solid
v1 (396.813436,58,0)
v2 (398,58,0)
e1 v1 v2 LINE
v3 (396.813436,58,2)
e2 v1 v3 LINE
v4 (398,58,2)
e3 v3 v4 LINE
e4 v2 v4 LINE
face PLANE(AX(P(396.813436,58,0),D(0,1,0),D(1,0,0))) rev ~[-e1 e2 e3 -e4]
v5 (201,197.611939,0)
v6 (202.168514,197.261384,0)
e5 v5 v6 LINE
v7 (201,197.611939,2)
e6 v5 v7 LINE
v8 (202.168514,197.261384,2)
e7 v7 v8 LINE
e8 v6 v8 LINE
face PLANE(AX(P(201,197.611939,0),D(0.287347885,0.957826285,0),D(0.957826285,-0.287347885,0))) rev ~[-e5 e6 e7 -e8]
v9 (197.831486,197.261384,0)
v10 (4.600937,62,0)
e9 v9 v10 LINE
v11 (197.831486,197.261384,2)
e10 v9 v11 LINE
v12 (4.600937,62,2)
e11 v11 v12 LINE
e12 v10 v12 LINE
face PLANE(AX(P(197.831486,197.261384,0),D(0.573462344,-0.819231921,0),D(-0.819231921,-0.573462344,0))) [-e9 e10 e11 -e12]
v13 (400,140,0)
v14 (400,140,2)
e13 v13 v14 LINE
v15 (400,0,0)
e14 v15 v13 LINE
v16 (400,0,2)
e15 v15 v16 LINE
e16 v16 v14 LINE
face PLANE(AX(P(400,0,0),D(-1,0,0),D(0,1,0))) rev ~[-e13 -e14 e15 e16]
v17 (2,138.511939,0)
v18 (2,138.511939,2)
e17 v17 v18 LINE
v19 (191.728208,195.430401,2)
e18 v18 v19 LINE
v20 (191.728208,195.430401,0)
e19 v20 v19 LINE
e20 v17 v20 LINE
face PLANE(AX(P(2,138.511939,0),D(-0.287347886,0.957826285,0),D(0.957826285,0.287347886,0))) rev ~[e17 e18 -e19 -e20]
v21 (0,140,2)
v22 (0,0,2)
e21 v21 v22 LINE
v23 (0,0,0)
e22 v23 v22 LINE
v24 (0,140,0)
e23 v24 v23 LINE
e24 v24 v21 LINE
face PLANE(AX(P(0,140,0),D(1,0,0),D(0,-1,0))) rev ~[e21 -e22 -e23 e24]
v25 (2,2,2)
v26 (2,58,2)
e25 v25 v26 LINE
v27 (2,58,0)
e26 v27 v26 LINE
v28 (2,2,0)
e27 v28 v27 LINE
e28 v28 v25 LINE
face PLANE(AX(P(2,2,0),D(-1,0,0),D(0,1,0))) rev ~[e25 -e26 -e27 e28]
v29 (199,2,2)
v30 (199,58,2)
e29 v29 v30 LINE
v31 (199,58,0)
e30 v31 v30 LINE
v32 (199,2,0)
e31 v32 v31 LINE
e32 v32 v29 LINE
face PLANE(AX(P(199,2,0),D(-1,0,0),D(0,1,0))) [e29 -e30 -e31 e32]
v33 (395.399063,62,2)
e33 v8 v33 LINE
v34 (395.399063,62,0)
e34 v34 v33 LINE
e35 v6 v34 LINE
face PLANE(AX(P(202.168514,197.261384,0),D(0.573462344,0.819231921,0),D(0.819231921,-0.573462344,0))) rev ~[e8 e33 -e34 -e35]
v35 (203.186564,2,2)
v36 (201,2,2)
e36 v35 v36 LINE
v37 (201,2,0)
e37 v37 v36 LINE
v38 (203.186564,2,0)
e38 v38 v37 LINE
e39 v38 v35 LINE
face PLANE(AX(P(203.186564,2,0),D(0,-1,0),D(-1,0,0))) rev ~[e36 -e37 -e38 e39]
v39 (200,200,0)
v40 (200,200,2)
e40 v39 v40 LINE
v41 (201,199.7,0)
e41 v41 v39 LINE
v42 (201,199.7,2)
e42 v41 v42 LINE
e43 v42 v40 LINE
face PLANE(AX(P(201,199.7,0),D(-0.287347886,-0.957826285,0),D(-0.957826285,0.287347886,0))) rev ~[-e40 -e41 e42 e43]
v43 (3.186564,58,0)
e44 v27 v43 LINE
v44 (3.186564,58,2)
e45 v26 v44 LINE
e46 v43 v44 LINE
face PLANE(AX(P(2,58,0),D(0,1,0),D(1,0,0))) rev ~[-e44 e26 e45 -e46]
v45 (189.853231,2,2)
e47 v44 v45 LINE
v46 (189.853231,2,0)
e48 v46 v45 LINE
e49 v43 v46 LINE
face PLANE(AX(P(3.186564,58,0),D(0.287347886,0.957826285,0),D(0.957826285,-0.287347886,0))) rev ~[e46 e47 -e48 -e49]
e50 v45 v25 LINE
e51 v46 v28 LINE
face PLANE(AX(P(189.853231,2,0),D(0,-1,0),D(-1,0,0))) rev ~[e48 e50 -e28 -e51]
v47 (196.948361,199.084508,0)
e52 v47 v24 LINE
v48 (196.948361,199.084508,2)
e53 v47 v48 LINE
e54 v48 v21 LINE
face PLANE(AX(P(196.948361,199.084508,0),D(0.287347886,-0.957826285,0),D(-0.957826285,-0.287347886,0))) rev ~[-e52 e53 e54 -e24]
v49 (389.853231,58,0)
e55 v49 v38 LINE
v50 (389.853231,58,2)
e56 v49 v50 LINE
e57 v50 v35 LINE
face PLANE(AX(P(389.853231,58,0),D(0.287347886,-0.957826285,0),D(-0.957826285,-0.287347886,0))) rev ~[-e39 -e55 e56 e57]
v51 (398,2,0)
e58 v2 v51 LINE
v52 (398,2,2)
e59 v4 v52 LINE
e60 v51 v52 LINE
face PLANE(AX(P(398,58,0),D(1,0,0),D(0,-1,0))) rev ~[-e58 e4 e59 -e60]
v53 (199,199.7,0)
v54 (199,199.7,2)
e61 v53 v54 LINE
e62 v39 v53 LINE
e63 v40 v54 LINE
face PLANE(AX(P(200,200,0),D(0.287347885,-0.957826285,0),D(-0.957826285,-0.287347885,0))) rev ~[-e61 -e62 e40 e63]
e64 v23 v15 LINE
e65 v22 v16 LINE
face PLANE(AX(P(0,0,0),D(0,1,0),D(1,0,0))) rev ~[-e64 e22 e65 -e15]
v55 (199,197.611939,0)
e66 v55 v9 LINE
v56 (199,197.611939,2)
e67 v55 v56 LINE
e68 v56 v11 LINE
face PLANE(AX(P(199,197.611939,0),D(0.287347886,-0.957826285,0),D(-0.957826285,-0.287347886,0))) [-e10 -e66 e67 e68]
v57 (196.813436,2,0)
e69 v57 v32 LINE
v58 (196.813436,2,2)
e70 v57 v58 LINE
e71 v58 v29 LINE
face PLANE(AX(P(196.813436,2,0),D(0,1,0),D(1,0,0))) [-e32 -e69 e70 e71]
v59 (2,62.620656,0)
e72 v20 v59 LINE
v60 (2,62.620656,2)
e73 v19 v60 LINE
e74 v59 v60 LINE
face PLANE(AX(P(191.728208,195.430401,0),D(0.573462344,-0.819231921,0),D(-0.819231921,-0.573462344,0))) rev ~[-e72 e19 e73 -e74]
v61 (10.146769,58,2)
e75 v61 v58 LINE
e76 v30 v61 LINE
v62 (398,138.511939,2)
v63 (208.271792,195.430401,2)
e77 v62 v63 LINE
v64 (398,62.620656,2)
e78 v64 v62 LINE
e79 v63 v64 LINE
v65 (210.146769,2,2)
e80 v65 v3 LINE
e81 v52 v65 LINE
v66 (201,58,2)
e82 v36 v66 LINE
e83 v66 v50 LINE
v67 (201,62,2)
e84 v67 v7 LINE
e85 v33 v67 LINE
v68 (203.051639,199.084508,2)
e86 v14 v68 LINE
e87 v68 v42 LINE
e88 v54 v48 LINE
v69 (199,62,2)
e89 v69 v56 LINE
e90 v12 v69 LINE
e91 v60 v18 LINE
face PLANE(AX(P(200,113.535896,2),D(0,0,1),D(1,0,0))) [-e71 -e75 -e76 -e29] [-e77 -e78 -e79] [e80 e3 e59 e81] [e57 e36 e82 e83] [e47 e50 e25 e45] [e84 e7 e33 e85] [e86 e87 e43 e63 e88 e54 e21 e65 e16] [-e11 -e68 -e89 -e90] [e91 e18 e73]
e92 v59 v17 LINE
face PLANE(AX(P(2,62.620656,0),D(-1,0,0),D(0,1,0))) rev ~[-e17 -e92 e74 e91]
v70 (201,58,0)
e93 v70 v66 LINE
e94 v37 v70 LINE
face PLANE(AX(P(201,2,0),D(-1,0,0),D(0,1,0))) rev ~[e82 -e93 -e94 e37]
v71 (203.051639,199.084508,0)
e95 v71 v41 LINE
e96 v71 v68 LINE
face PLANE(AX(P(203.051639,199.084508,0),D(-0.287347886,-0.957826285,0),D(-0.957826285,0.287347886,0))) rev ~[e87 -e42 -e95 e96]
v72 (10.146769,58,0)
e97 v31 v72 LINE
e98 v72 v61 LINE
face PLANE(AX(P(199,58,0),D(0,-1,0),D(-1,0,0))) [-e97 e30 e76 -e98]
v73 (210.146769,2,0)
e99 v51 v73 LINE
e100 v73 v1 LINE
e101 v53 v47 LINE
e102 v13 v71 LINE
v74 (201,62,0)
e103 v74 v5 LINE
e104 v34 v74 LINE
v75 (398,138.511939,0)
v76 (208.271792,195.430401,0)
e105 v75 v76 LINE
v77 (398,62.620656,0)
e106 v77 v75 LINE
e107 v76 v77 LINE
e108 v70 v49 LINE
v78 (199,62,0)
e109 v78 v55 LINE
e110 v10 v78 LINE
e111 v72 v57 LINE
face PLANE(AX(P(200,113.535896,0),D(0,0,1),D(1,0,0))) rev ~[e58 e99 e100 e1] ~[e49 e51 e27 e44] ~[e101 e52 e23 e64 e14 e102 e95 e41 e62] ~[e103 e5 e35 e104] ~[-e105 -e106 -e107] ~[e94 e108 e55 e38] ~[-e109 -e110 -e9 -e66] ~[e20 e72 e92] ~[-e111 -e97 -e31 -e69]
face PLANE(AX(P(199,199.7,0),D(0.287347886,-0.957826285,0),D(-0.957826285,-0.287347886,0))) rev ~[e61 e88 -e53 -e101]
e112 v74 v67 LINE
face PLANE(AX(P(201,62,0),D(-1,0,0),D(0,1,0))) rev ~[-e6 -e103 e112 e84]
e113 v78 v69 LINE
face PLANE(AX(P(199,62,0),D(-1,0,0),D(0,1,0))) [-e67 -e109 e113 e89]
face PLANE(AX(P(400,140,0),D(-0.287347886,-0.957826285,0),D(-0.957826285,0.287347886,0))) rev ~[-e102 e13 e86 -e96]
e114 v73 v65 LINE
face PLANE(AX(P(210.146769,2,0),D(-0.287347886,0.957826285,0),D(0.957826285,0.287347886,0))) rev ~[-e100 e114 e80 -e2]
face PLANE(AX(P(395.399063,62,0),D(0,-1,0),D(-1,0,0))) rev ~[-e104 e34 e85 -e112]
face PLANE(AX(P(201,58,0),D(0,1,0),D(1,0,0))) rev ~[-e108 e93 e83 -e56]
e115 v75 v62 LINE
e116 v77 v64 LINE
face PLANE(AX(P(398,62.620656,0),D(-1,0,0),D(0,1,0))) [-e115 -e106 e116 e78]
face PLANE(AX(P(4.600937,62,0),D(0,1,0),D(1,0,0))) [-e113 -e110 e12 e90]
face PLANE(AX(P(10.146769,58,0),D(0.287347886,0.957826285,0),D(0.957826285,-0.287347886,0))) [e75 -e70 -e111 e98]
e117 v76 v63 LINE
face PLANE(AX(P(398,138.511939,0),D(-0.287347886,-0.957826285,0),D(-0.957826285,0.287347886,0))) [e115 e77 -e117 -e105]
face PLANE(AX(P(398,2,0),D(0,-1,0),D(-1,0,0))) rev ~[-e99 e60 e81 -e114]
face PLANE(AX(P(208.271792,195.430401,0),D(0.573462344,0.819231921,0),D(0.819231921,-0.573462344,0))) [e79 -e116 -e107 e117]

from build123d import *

# Parameters (mm, degrees)
EXTRUDE_1_DEPTH = 2


with BuildPart() as part:
    # Model → ﾎﾞｽ - 押し出し1 (new body)
    with BuildSketch(Plane.XY):
        Polygon((396.51989783, 60), (400, 60), (400, 61.22065558), (400, 140), (203.051638949, 199.084508315), (201, 199.7), (200, 200), (198.999999985, 199.699999996), (196.948361051, 199.084508315), (0, 140), (0, 61.22065558), (0, 60), (200, 60), align=None)
        Polygon((202.168514351, 197.261384393), (395.399063483, 62), (201, 62), (201, 197.611938698), align=None, mode=Mode.SUBTRACT)
        Polygon((2, 62.62065558), (2, 138.511938698), (191.728207796, 195.430401037), align=None, mode=Mode.SUBTRACT)
        Polygon((198.999999985, 197.611938694), (197.831485649, 197.261384393), (4.600936517, 62), (198.999999985, 62), align=None, mode=Mode.SUBTRACT)
        Polygon((398, 62.62065558), (398, 138.511938698), (208.271792204, 195.430401037), align=None, mode=Mode.SUBTRACT)
        Polygon((400, 0), (400, 58.955969334), (400, 60), (396.51989783, 60), (200, 60), (0, 60), (0, 58.955969334), (0, 0), align=None)
        Polygon((389.853231164, 58), (203.186564497, 2), (201, 2), (201, 58), align=None, mode=Mode.SUBTRACT)
        Polygon((210.146768888, 2), (396.813435555, 58), (398, 58), (398, 2), align=None, mode=Mode.SUBTRACT)
        Polygon((3.186564445, 58), (189.853231112, 2), (2, 2), (2, 58), align=None, mode=Mode.SUBTRACT)
        Polygon((196.813435503, 2), (198.999999985, 2), (198.999999985, 58), (10.146768836, 58), align=None, mode=Mode.SUBTRACT)
    extrude(amount=EXTRUDE_1_DEPTH)


solid = part.part
